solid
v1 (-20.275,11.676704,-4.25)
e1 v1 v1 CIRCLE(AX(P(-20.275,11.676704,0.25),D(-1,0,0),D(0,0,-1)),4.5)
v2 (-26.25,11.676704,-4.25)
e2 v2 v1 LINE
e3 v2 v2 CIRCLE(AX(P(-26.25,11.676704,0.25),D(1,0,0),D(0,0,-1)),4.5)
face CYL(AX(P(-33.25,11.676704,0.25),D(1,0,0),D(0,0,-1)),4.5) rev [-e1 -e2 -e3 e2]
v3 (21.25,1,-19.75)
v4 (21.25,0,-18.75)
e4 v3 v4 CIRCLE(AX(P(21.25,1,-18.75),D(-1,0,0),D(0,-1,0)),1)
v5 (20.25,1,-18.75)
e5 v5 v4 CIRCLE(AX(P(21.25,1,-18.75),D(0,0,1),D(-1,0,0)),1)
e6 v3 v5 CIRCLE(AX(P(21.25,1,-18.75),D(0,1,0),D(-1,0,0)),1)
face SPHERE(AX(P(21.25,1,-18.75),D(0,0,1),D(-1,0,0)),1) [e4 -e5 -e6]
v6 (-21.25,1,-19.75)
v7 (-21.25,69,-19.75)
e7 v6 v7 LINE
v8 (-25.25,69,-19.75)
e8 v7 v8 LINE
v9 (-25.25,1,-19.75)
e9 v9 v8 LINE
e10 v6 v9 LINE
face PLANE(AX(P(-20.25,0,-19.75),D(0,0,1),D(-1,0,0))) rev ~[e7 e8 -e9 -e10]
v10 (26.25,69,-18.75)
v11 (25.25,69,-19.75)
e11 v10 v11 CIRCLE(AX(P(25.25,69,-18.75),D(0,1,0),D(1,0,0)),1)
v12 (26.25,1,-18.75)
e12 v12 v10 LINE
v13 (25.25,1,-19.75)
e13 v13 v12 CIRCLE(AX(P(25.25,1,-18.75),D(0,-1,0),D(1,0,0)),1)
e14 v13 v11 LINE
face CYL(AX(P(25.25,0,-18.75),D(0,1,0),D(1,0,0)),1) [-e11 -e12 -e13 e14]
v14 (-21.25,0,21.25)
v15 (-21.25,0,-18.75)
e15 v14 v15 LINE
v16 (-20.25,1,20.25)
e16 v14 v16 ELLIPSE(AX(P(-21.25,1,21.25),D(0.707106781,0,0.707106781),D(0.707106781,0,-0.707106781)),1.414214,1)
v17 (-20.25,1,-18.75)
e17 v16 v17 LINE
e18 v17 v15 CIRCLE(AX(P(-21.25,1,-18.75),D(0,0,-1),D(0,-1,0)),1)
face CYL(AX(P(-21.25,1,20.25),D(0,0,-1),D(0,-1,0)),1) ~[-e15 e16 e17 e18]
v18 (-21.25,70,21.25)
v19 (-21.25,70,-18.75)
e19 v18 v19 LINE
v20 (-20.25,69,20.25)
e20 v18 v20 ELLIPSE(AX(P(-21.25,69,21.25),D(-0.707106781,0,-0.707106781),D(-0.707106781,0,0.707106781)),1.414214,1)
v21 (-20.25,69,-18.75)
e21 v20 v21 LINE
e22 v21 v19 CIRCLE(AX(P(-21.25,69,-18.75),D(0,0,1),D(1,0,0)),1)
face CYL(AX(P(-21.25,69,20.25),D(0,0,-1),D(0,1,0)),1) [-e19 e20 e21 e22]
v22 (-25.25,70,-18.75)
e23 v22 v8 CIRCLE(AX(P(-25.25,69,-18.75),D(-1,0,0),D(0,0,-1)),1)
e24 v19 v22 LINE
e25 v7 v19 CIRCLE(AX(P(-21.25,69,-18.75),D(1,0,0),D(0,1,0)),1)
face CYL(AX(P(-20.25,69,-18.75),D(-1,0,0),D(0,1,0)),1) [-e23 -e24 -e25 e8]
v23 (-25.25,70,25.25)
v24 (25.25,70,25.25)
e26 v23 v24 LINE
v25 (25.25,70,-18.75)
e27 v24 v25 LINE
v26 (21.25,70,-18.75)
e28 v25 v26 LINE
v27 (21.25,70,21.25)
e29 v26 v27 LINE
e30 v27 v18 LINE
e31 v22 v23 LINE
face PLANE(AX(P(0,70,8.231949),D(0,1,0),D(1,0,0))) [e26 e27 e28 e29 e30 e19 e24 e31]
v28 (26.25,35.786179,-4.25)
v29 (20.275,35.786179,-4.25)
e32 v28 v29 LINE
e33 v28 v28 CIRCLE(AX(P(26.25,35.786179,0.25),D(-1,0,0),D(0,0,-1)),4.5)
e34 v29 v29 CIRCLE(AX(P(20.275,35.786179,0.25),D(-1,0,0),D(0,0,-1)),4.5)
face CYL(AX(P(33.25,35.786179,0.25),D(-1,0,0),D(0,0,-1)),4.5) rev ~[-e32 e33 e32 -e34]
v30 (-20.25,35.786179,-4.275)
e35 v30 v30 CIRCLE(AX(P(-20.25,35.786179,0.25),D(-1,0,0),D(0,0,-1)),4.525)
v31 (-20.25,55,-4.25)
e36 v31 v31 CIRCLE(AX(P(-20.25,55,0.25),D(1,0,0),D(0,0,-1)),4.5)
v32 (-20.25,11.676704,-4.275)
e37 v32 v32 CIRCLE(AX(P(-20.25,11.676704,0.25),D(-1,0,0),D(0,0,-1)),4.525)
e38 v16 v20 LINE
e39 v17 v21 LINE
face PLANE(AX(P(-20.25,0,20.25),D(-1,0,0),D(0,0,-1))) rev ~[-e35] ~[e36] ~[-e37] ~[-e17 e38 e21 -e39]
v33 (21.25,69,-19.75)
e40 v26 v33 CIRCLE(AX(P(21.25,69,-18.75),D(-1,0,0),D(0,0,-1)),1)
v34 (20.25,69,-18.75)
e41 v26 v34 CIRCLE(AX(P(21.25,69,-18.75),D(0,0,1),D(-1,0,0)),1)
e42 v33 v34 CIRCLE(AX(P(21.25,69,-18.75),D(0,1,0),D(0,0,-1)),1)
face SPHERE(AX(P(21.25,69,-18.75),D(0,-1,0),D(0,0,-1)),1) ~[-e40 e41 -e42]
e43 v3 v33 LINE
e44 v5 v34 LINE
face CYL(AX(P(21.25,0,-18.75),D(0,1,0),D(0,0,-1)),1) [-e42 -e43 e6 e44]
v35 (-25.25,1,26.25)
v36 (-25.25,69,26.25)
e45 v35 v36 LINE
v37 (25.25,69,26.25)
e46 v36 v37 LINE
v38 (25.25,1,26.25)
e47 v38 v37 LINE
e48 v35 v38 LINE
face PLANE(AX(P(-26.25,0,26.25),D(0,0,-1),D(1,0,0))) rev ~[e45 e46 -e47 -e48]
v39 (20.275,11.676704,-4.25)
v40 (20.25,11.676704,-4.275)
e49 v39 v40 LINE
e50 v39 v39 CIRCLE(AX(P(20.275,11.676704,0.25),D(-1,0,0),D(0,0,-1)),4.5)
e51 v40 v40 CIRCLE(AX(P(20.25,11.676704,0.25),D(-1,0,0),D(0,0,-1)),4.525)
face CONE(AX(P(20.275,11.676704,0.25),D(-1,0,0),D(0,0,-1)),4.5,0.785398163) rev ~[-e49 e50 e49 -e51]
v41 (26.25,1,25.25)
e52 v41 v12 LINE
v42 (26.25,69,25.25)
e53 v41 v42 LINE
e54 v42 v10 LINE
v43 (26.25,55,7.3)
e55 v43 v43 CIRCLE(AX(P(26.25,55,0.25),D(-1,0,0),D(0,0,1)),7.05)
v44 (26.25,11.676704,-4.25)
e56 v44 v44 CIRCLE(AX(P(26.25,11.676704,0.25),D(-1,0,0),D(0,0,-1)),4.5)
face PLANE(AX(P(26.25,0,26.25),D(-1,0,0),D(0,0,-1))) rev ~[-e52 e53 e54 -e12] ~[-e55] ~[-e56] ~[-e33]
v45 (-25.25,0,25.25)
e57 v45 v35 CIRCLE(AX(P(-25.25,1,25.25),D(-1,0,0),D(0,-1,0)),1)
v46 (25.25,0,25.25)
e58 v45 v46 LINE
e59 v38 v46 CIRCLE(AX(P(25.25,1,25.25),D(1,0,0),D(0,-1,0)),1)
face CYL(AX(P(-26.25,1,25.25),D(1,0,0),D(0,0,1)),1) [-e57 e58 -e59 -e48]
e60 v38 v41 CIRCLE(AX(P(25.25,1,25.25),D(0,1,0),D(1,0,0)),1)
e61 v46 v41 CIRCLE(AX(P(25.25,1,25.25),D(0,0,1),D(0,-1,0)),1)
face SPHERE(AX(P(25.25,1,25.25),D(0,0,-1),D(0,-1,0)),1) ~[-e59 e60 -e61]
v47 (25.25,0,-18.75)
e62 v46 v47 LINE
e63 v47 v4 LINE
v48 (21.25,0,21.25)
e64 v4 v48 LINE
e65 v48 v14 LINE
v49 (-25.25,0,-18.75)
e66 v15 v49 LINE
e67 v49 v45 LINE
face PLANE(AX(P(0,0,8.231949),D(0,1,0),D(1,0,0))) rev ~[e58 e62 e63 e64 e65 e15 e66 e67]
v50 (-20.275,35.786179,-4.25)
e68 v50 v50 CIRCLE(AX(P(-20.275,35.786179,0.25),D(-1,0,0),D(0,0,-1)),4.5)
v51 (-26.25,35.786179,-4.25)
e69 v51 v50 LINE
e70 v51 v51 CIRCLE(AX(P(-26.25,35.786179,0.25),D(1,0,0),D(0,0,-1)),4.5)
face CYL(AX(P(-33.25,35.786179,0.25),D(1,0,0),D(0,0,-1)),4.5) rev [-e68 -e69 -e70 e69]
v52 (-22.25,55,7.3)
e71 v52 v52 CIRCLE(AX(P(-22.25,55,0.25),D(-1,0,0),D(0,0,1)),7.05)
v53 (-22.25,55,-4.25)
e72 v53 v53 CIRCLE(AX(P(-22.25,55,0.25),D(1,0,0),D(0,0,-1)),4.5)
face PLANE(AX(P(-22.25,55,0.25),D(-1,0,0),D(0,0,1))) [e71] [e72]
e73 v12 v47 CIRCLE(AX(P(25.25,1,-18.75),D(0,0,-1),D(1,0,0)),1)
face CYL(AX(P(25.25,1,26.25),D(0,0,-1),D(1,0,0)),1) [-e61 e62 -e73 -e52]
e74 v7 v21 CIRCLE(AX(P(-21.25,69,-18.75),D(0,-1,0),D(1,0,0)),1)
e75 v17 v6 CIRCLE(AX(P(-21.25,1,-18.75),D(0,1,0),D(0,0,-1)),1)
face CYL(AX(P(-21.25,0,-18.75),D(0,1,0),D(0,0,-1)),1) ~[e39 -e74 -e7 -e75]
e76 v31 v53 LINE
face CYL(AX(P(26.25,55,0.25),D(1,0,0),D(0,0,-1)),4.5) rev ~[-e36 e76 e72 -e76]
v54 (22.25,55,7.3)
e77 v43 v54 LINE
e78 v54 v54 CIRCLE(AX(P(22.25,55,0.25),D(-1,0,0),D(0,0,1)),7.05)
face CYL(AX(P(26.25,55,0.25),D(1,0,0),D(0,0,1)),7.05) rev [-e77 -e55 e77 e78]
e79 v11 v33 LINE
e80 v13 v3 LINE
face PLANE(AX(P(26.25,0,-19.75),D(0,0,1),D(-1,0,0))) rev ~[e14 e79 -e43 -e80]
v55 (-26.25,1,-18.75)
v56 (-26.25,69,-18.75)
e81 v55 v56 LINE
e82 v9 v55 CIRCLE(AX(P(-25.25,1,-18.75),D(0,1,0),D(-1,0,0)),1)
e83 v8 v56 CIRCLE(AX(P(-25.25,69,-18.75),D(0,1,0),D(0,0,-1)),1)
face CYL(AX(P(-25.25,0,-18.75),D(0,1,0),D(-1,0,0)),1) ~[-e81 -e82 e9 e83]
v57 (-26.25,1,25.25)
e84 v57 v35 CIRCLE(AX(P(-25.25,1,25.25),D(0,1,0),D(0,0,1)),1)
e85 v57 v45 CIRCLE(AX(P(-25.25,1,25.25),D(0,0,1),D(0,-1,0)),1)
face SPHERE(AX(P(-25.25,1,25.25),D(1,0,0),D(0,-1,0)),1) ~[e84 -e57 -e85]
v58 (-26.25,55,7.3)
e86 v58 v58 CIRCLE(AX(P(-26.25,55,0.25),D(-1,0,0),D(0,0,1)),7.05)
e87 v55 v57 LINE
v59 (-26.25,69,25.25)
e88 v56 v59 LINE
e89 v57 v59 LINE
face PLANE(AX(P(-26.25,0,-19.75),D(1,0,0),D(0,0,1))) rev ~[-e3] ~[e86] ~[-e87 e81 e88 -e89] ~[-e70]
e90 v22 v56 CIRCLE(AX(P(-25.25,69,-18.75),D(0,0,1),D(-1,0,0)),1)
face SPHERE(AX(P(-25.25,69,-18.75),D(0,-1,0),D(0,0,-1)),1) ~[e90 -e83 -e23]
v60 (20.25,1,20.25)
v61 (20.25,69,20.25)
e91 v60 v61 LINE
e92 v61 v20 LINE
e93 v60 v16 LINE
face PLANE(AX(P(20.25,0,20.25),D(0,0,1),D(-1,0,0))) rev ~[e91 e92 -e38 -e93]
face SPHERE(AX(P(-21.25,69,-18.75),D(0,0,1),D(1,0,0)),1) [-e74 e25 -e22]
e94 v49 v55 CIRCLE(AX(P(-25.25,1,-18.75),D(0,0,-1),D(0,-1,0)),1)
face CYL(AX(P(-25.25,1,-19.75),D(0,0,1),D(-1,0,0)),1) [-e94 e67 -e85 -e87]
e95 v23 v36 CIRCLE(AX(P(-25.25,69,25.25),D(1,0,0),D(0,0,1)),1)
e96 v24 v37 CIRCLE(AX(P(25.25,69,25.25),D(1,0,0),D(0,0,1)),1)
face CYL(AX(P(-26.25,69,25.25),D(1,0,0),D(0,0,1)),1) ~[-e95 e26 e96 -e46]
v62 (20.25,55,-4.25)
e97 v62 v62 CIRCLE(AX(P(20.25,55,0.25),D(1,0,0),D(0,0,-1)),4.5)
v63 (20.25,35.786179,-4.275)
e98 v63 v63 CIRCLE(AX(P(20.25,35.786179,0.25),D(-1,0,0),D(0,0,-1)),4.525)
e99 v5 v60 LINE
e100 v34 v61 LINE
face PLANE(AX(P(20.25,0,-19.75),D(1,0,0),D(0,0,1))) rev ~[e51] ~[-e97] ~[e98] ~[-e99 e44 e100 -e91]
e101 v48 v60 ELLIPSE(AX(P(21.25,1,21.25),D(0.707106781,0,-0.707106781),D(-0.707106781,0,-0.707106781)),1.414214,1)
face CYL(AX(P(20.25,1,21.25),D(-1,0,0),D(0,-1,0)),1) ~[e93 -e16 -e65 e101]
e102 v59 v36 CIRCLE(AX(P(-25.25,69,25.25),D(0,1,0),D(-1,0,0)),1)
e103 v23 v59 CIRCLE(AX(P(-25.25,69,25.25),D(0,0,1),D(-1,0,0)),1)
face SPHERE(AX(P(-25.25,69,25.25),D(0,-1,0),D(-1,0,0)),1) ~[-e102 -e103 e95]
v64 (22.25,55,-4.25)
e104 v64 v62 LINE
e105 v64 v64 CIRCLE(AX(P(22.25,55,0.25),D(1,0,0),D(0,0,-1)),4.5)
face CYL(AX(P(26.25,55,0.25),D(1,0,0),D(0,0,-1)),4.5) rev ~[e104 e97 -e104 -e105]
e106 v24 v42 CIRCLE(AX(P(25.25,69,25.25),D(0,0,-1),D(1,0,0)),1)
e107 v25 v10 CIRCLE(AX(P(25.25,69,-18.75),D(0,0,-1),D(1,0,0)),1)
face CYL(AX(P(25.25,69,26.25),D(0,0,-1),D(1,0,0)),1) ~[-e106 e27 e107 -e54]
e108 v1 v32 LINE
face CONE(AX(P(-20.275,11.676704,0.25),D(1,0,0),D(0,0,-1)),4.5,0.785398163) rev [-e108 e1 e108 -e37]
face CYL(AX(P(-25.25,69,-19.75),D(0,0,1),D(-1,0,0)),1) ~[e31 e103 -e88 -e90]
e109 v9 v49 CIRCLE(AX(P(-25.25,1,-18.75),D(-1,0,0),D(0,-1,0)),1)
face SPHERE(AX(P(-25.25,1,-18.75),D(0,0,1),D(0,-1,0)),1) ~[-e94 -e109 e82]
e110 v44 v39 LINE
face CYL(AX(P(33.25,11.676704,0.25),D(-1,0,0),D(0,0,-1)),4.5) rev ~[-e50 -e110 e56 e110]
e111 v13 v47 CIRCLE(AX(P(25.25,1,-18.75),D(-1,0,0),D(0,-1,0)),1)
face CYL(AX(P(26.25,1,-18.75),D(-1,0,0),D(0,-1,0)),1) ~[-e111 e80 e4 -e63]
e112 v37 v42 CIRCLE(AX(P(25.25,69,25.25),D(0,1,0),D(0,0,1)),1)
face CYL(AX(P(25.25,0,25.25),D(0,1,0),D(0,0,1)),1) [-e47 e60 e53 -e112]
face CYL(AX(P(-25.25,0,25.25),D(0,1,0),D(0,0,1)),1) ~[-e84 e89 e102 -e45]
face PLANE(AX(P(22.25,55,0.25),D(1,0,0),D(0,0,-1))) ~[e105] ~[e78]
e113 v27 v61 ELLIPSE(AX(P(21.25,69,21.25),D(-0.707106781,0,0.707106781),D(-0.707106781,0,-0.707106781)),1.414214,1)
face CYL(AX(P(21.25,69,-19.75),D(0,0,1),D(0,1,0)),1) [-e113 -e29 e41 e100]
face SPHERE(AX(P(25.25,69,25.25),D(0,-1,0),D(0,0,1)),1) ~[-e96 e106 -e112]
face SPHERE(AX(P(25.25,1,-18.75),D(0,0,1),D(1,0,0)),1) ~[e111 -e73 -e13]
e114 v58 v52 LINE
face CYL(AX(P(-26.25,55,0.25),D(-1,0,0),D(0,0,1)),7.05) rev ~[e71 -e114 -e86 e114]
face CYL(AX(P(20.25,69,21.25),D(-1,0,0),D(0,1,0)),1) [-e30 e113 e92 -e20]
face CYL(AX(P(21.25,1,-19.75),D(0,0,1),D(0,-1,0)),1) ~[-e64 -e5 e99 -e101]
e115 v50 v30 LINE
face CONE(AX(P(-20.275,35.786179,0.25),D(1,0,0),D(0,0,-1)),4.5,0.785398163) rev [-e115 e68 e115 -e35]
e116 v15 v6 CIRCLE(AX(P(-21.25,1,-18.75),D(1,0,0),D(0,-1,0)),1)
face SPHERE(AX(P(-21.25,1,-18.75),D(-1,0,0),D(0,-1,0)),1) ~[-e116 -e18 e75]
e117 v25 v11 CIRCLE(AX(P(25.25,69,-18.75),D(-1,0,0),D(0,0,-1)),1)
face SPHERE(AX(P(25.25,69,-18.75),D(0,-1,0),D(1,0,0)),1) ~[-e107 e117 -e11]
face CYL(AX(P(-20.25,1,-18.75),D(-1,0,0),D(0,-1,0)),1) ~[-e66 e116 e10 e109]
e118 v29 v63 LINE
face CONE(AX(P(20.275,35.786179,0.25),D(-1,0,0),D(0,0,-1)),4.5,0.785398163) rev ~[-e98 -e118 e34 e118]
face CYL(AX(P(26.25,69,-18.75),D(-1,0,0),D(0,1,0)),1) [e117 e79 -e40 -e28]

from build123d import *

# Parameters (mm, degrees)
BOSS_EXTRUDE1_DEPTH           = 70
SKETCH8_R                     = 4.5
CUT_EXTRUDE4_DEPTH            = 53.5
SKETCH10_R                    = 7.05
CUT_EXTRUDE5_DEPTH            = 4
FILLET13_R                    = 1
M8_CLEARANCE_HOLE1_AT_2_COUNT = 2
M8_CLEARANCE_HOLE1_AT_2_PITCH = 24.109474775


with BuildPart() as part:
    # Sketch1 → Boss-Extrude1 (new body)
    with BuildSketch(Plane(origin=(0, 0, 0), x_dir=(1, 0, 0), z_dir=(0, 1, 0))):
        Polygon((-26.25, -26.25), (26.25, -26.25), (26.25, 19.75), (20.25, 19.75), (20.25, -20.25), (-20.25, -20.25), (-20.25, 19.75), (-26.25, 19.75), align=None)
    extrude(amount=BOSS_EXTRUDE1_DEPTH)

    # Sketch8 → Cut-Extrude4 (cut, through all)
    with BuildSketch(Plane(origin=(26.25, 0, 0), x_dir=(0, 0, -1), z_dir=(1, 0, 0))):
        with Locations((-0.25, 55)):
            Circle(SKETCH8_R)
    extrude(amount=-CUT_EXTRUDE4_DEPTH, mode=Mode.SUBTRACT)

    # Sketch10 → Cut-Extrude5 (cut)
    with BuildSketch(Plane.ZY.offset(26.25)):
        with Locations((0.25, 55)):
            Circle(SKETCH10_R)
    cut_extrude5 = extrude(amount=-CUT_EXTRUDE5_DEPTH, mode=Mode.SUBTRACT)

    # Mirror1: Cut-Extrude5 across plane
    add(cut_extrude5.mirror(Plane(origin=(0, 0, 0), x_dir=(0, 0, 1), z_dir=(1, 0, 0))), mode=Mode.SUBTRACT)

    # Fillet13
    fillet13_edges = [part.edges().sort_by_distance(p)[0] for p in [
        (26.25, 0, 3.25),
        (0, 0, 26.25),
        (0, 70, 20.25),
        (-26.25, 0, 3.25),
        (-23.25, 0, -19.75),
        (-20.25, 0, 0.25),
        (0, 0, 20.25),
        (20.25, 0, 0.25),
        (-20.25, 70, 0.25),
        (20.25, 35, -19.75),
        (26.25, 35, -19.75),
        (26.25, 35, 26.25),
        (-26.25, 35, 26.25),
        (-26.25, 35, -19.75),
        (-20.25, 35, -19.75),
        (-23.25, 70, -19.75),
        (-26.25, 70, 3.25),
        (0, 70, 26.25),
        (26.25, 70, 3.25),
        (23.25, 70, -19.75),
        (20.25, 70, 0.25),
        (23.25, 0, -19.75),
    ]]
    fillet(fillet13_edges, radius=FILLET13_R)

    # Sketch18 → M8 Clearance Hole1 (revolve, cut)
    with BuildSketch(Plane(origin=(-20.25, 35.786178525, 0.25), x_dir=(0, 0, -1), z_dir=(0, 1, 0))):
        Polygon((0, 0), (0, 15.703872786), (4.5, 13), (4.5, 0.025), (4.525, 0), align=None)
    m8_clearance_hole1 = revolve(axis=Axis((-13.9, 35.786178525, 0.25), (-1, 0, 0)), mode=Mode.SUBTRACT)

    # M8 Clearance Hole1 at 2: M8 Clearance Hole1 ×2
    with Locations(*[(0, -i * M8_CLEARANCE_HOLE1_AT_2_PITCH, 0) for i in range(1, M8_CLEARANCE_HOLE1_AT_2_COUNT)]):
        add(m8_clearance_hole1, mode=Mode.SUBTRACT)

    # Mirror2: M8 Clearance Hole1 across plane
    add(m8_clearance_hole1.mirror(Plane(origin=(0, 0, 0), x_dir=(0, 0, 1), z_dir=(1, 0, 0))), mode=Mode.SUBTRACT)

    # Mirror2 copy 1 sketch → Mirror2 copy 1 (revolve, cut)
    with BuildSketch(Plane(origin=(20.25, 11.676703751, 0.25), x_dir=(0, 0, -1), z_dir=(0, 1, 0))):
        Polygon((0, 0), (0, -15.703872786), (4.5, -13), (4.5, -0.025), (4.525, 0), align=None)
    revolve(axis=Axis((13.9, 11.676703751, 0.25), (-1, 0, 0)), mode=Mode.SUBTRACT)


solid = part.part
